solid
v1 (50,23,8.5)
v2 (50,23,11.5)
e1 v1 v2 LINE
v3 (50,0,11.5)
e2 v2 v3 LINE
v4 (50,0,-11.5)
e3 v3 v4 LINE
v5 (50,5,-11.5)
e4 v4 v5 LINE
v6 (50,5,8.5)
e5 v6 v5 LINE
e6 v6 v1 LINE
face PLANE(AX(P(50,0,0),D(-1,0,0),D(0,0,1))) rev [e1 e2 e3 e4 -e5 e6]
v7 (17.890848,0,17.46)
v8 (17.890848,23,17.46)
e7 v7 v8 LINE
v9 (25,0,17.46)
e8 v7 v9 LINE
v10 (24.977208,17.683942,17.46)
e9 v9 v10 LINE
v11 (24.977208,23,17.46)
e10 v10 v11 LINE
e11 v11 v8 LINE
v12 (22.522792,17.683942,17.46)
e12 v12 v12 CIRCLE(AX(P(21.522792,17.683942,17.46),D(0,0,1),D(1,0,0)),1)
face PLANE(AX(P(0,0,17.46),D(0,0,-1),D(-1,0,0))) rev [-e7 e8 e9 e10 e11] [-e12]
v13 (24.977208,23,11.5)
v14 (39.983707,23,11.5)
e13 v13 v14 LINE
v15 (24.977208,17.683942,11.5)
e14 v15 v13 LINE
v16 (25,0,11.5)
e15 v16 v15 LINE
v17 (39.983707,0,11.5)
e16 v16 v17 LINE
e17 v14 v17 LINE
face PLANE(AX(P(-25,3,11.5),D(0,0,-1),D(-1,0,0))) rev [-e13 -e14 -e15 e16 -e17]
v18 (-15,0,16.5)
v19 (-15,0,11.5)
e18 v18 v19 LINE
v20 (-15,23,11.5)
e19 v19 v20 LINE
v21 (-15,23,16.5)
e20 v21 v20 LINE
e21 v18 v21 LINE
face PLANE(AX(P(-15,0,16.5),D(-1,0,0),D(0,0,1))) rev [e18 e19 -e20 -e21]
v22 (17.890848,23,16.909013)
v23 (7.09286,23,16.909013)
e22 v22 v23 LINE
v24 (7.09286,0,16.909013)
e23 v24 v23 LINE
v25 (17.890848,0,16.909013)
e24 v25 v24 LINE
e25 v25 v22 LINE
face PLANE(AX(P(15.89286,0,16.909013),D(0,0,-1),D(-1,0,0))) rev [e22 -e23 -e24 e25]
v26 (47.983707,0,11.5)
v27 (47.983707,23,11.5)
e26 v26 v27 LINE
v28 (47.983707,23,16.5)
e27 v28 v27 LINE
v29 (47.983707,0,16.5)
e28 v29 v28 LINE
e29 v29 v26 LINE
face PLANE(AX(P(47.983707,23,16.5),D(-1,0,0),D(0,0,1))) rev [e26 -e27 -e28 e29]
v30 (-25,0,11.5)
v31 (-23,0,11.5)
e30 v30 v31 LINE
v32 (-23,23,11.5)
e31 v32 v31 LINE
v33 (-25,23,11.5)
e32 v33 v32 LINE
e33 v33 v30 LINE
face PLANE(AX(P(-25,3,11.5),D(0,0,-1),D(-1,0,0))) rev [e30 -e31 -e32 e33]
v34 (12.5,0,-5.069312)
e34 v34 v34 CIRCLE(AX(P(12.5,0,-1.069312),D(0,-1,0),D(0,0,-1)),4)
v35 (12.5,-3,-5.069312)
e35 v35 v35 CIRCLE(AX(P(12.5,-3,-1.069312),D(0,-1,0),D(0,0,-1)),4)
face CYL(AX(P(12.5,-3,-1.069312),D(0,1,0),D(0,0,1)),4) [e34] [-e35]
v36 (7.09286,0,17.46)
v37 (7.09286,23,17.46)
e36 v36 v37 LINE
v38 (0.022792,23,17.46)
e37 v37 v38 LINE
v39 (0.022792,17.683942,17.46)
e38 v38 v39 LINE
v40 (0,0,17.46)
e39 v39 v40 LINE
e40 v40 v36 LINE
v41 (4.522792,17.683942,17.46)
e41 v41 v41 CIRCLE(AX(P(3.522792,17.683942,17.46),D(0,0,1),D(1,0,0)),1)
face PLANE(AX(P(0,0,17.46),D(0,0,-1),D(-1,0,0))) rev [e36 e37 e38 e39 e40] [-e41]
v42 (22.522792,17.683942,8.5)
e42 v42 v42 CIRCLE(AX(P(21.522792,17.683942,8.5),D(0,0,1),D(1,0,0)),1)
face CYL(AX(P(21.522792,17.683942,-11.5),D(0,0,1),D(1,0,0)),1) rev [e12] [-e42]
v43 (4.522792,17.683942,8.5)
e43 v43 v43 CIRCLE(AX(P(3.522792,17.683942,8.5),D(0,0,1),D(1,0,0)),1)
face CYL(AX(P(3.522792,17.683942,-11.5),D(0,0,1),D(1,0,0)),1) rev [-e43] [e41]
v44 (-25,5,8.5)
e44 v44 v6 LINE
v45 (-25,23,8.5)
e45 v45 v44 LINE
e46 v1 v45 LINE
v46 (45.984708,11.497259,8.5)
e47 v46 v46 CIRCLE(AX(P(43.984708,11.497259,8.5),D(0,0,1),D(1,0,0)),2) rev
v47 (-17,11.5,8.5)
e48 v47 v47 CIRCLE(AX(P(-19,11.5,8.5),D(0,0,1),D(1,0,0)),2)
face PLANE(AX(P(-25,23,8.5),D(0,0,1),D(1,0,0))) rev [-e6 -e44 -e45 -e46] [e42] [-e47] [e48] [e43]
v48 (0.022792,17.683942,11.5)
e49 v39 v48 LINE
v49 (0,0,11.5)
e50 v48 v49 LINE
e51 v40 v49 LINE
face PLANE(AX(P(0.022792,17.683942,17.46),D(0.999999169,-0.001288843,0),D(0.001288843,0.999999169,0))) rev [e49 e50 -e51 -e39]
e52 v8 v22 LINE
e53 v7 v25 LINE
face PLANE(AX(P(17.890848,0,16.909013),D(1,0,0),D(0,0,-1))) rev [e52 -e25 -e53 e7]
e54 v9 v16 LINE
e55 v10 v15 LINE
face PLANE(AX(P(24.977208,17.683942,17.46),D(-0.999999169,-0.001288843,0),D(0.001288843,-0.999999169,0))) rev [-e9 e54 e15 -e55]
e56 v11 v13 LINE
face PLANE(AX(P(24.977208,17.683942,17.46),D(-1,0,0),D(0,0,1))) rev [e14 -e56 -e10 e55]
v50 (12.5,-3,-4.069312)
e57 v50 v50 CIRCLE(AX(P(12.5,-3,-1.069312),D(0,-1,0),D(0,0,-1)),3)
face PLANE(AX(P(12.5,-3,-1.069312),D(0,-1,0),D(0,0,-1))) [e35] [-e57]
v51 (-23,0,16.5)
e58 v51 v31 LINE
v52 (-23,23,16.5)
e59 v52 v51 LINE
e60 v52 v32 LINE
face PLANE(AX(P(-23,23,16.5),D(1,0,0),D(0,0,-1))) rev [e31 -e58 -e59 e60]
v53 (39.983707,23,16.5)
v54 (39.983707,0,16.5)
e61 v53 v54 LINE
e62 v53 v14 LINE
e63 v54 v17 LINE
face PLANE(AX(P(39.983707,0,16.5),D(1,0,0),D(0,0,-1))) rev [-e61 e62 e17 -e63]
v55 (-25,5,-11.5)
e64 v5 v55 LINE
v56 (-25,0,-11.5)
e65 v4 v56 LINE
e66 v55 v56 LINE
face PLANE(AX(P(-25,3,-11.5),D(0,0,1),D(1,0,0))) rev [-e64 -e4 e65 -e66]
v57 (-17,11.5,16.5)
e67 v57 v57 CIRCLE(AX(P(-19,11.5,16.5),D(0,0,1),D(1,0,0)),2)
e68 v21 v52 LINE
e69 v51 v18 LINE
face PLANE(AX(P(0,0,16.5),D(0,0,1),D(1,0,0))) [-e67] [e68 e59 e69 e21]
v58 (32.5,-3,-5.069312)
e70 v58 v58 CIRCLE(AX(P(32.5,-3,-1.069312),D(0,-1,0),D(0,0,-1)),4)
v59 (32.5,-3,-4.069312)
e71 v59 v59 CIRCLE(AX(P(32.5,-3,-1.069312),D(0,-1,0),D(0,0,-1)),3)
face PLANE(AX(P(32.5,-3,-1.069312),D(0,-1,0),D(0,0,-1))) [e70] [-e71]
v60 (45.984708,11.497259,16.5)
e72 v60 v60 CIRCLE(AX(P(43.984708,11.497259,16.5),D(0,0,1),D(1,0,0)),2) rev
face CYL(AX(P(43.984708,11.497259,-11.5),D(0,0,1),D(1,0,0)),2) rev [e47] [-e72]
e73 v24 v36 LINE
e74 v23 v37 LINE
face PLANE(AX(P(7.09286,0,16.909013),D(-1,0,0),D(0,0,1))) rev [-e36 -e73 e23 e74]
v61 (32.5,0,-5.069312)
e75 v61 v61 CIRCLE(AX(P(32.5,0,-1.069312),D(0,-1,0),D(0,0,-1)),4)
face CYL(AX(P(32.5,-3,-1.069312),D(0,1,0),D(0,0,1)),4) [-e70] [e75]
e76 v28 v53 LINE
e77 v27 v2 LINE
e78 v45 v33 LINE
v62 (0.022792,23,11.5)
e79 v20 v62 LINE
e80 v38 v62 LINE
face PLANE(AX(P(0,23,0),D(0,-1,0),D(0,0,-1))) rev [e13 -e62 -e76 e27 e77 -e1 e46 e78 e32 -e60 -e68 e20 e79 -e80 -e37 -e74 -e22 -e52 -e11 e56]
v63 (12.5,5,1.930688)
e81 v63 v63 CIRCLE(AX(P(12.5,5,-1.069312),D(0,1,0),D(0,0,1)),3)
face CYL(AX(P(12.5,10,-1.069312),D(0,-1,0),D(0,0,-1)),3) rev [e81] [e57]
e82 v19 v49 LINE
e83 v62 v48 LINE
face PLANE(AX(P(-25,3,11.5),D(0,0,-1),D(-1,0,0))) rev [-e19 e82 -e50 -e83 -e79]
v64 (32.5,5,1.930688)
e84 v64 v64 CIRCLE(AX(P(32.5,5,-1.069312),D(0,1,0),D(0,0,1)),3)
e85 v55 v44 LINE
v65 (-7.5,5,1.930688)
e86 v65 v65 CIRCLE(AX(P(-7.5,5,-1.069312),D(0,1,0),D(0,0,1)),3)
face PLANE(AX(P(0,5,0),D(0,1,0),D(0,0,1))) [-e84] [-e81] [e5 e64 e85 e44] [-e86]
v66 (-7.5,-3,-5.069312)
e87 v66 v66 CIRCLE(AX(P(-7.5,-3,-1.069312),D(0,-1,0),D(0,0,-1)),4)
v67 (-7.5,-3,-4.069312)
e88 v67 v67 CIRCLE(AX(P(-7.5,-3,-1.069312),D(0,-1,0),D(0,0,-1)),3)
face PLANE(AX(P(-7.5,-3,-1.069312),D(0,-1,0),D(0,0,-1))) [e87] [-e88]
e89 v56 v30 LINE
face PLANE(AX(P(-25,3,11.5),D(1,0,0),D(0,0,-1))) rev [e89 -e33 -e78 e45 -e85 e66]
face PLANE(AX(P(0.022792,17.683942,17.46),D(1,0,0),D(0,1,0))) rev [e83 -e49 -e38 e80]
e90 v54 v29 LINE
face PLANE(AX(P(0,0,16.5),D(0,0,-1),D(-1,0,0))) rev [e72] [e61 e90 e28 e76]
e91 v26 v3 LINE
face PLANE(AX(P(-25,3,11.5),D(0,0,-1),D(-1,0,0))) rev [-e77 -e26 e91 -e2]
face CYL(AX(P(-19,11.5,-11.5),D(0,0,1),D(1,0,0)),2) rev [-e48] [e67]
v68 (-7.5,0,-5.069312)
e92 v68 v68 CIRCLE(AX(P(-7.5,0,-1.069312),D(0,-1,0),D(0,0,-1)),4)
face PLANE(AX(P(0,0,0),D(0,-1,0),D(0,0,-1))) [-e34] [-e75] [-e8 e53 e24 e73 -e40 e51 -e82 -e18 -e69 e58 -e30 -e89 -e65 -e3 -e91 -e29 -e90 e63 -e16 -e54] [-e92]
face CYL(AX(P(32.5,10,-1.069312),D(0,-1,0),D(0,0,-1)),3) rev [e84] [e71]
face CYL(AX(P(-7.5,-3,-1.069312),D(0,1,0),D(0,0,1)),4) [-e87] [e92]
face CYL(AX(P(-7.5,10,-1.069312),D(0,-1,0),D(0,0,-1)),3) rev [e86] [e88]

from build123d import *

# Parameters (mm, degrees)
SKETCH1_W            = 50
SKETCH1_H            = 23
BOSS_EXTRUDE12_DEPTH = 3
SKETCH17_W           = 50
SKETCH17_H           = 3
BOSS_EXTRUDE13_DEPTH = 20
BOSS_EXTRUDE15_DEPTH = 25
SKETCH19_R           = 3
CUT_EXTRUDE1_DEPTH   = 10
BOSS_EXTRUDE17_DEPTH = 5.96
CUT_EXTRUDE2_DEPTH   = 58.739515066
SKETCH23_R           = 1
CUT_EXTRUDE3_DEPTH   = 63.190687406
SKETCH24_W           = 8
SKETCH24_H           = 23
BOSS_EXTRUDE20_DEPTH = 5
BOSS_EXTRUDE22_START = 3
SKETCH20_R           = 4
SKETCH20_R_2         = 3
BOSS_EXTRUDE22_DEPTH = 3
SKETCH25_R           = 2
CUT_EXTRUDE4_DEPTH   = 62.749493925
SKETCH26_W           = 75
SKETCH26_H           = 20
BOSS_EXTRUDE23_DEPTH = 2
SKETCH27_R           = 3
CUT_EXTRUDE5_DEPTH   = 57.611408744


with BuildPart() as part:
    # Sketch1 → Boss-Extrude12 (new body)
    with BuildSketch(Plane(origin=(0, 0, 0), x_dir=(1, 0, 0), z_dir=(0, 1, 0))):
        Rectangle(SKETCH1_W, SKETCH1_H)
    extrude(amount=BOSS_EXTRUDE12_DEPTH)

    # Sketch17 → Boss-Extrude13 (add)
    with BuildSketch(Plane(origin=(0, 3, 0), x_dir=(1, 0, 0), z_dir=(0, 1, 0))):
        with Locations((0, -10)):
            Rectangle(SKETCH17_W, SKETCH17_H)
    extrude(amount=BOSS_EXTRUDE13_DEPTH)

    # Sketch18 → Boss-Extrude15 (add)
    with BuildSketch(Plane(origin=(25, 0, 0), x_dir=(0, 0, -1), z_dir=(1, 0, 0))):
        Polygon((-11.5, 23), (-8.5, 23), (-8.5, 3), (11.5, 3), (11.5, 0), (-11.5, 0), align=None)
    extrude(amount=BOSS_EXTRUDE15_DEPTH)

    # Sketch19 → Cut-Extrude1 (cut)
    with BuildSketch(Plane.XZ):
        with Locations(Location((-7.5, -1.069311776, 0), (0, 0, 270))):
            Circle(SKETCH19_R)
        with Locations(Location((12.5, -1.069311776, 0), (0, 0, 270))):
            Circle(SKETCH19_R)
        with Locations(Location((32.5, -1.069311776, 0), (0, 0, 270))):
            Circle(SKETCH19_R)
    extrude(amount=-CUT_EXTRUDE1_DEPTH, mode=Mode.SUBTRACT)

    # Sketch21 → Boss-Extrude17 (add)
    with BuildSketch(Plane.XY.offset(11.5)):
        Polygon((0.022791851, 17.683942334), (0, 0), (25, 0), (24.977208149, 17.683942334), (24.977208149, 23), (0.022791851, 23), align=None)
    extrude(amount=BOSS_EXTRUDE17_DEPTH)

    # Sketch22 → Cut-Extrude2 (cut, through all)
    with BuildSketch(Plane(origin=(0, 23, 0), x_dir=(1, 0, 0), z_dir=(0, 1, 0))):
        Polygon((15.892859801, -16.90901318), (17.890847614, -16.90901318), (17.890847614, -17.46), (7.092859801, -17.46), (7.092859801, -16.90901318), (9.092859801, -16.90901318), align=None)
    extrude(amount=-CUT_EXTRUDE2_DEPTH, mode=Mode.SUBTRACT)

    # Sketch23 → Cut-Extrude3 (cut, through all)
    with BuildSketch(Plane.XY.offset(17.46)):
        with Locations((3.522791851, 17.683942334)):
            Circle(SKETCH23_R)
        with Locations((21.522791851, 17.683942334)):
            Circle(SKETCH23_R)
    extrude(amount=-CUT_EXTRUDE3_DEPTH, mode=Mode.SUBTRACT)

    # Sketch24 → Boss-Extrude20 (add)
    with BuildSketch(Plane.XY.offset(11.5)):
        with Locations((-19, 11.5)):
            Rectangle(SKETCH24_W, SKETCH24_H)
        with Locations((43.983707415, 11.5)):
            Rectangle(SKETCH24_W, SKETCH24_H)
    extrude(amount=BOSS_EXTRUDE20_DEPTH)

    # Sketch20 → Boss-Extrude22 (add)
    # profile 1 of 3: a face of its own
    with BuildSketch(Plane.XZ.offset(BOSS_EXTRUDE22_START)):
        with Locations(Location((-7.5, -1.069311776, 0), (0, 0, 270))):
            Circle(SKETCH20_R)
        with Locations(Location((-7.5, -1.069311776, 0), (0, 0, 270))):
            Circle(SKETCH20_R_2, mode=Mode.SUBTRACT)
    # profile 2 of 3: a face of its own
    with BuildSketch(Plane.XZ.offset(BOSS_EXTRUDE22_START)):
        with Locations(Location((12.5, -1.069311776, 0), (0, 0, 270))):
            Circle(SKETCH20_R)
        with Locations(Location((12.5, -1.069311776, 0), (0, 0, 270))):
            Circle(SKETCH20_R_2, mode=Mode.SUBTRACT)
    # profile 3 of 3: a face of its own
    with BuildSketch(Plane.XZ.offset(BOSS_EXTRUDE22_START)):
        with Locations(Location((32.5, -1.069311776, 0), (0, 0, 270))):
            Circle(SKETCH20_R)
        with Locations(Location((32.5, -1.069311776, 0), (0, 0, 270))):
            Circle(SKETCH20_R_2, mode=Mode.SUBTRACT)
    extrude(amount=-BOSS_EXTRUDE22_DEPTH)

    # Sketch25 → Cut-Extrude4 (cut, through all)
    with BuildSketch(Plane.XY.offset(16.5)):
        with Locations((43.984708093, 11.497259352)):
            Circle(SKETCH25_R)
        with Locations((-19, 11.5)):
            Circle(SKETCH25_R)
    extrude(amount=-CUT_EXTRUDE4_DEPTH, mode=Mode.SUBTRACT)

    # Sketch26 → Boss-Extrude23 (add)
    with BuildSketch(Plane(origin=(0, 3, 0), x_dir=(1, 0, 0), z_dir=(0, 1, 0))):
        with Locations((12.5, 1.5)):
            Rectangle(SKETCH26_W, SKETCH26_H)
    extrude(amount=BOSS_EXTRUDE23_DEPTH)

    # Sketch27 → Cut-Extrude5 (cut, through all)
    with BuildSketch(Plane.XZ.offset(-3)):
        with Locations(Location((-7.5, -1.069311776, 0), (0, 0, 270))):
            Circle(SKETCH27_R)
        with Locations(Location((12.5, -1.069311776, 0), (0, 0, 270))):
            Circle(SKETCH27_R)
        with Locations(Location((32.5, -1.069311776, 0), (0, 0, 270))):
            Circle(SKETCH27_R)
    extrude(amount=-CUT_EXTRUDE5_DEPTH, mode=Mode.SUBTRACT)


solid = part.part
